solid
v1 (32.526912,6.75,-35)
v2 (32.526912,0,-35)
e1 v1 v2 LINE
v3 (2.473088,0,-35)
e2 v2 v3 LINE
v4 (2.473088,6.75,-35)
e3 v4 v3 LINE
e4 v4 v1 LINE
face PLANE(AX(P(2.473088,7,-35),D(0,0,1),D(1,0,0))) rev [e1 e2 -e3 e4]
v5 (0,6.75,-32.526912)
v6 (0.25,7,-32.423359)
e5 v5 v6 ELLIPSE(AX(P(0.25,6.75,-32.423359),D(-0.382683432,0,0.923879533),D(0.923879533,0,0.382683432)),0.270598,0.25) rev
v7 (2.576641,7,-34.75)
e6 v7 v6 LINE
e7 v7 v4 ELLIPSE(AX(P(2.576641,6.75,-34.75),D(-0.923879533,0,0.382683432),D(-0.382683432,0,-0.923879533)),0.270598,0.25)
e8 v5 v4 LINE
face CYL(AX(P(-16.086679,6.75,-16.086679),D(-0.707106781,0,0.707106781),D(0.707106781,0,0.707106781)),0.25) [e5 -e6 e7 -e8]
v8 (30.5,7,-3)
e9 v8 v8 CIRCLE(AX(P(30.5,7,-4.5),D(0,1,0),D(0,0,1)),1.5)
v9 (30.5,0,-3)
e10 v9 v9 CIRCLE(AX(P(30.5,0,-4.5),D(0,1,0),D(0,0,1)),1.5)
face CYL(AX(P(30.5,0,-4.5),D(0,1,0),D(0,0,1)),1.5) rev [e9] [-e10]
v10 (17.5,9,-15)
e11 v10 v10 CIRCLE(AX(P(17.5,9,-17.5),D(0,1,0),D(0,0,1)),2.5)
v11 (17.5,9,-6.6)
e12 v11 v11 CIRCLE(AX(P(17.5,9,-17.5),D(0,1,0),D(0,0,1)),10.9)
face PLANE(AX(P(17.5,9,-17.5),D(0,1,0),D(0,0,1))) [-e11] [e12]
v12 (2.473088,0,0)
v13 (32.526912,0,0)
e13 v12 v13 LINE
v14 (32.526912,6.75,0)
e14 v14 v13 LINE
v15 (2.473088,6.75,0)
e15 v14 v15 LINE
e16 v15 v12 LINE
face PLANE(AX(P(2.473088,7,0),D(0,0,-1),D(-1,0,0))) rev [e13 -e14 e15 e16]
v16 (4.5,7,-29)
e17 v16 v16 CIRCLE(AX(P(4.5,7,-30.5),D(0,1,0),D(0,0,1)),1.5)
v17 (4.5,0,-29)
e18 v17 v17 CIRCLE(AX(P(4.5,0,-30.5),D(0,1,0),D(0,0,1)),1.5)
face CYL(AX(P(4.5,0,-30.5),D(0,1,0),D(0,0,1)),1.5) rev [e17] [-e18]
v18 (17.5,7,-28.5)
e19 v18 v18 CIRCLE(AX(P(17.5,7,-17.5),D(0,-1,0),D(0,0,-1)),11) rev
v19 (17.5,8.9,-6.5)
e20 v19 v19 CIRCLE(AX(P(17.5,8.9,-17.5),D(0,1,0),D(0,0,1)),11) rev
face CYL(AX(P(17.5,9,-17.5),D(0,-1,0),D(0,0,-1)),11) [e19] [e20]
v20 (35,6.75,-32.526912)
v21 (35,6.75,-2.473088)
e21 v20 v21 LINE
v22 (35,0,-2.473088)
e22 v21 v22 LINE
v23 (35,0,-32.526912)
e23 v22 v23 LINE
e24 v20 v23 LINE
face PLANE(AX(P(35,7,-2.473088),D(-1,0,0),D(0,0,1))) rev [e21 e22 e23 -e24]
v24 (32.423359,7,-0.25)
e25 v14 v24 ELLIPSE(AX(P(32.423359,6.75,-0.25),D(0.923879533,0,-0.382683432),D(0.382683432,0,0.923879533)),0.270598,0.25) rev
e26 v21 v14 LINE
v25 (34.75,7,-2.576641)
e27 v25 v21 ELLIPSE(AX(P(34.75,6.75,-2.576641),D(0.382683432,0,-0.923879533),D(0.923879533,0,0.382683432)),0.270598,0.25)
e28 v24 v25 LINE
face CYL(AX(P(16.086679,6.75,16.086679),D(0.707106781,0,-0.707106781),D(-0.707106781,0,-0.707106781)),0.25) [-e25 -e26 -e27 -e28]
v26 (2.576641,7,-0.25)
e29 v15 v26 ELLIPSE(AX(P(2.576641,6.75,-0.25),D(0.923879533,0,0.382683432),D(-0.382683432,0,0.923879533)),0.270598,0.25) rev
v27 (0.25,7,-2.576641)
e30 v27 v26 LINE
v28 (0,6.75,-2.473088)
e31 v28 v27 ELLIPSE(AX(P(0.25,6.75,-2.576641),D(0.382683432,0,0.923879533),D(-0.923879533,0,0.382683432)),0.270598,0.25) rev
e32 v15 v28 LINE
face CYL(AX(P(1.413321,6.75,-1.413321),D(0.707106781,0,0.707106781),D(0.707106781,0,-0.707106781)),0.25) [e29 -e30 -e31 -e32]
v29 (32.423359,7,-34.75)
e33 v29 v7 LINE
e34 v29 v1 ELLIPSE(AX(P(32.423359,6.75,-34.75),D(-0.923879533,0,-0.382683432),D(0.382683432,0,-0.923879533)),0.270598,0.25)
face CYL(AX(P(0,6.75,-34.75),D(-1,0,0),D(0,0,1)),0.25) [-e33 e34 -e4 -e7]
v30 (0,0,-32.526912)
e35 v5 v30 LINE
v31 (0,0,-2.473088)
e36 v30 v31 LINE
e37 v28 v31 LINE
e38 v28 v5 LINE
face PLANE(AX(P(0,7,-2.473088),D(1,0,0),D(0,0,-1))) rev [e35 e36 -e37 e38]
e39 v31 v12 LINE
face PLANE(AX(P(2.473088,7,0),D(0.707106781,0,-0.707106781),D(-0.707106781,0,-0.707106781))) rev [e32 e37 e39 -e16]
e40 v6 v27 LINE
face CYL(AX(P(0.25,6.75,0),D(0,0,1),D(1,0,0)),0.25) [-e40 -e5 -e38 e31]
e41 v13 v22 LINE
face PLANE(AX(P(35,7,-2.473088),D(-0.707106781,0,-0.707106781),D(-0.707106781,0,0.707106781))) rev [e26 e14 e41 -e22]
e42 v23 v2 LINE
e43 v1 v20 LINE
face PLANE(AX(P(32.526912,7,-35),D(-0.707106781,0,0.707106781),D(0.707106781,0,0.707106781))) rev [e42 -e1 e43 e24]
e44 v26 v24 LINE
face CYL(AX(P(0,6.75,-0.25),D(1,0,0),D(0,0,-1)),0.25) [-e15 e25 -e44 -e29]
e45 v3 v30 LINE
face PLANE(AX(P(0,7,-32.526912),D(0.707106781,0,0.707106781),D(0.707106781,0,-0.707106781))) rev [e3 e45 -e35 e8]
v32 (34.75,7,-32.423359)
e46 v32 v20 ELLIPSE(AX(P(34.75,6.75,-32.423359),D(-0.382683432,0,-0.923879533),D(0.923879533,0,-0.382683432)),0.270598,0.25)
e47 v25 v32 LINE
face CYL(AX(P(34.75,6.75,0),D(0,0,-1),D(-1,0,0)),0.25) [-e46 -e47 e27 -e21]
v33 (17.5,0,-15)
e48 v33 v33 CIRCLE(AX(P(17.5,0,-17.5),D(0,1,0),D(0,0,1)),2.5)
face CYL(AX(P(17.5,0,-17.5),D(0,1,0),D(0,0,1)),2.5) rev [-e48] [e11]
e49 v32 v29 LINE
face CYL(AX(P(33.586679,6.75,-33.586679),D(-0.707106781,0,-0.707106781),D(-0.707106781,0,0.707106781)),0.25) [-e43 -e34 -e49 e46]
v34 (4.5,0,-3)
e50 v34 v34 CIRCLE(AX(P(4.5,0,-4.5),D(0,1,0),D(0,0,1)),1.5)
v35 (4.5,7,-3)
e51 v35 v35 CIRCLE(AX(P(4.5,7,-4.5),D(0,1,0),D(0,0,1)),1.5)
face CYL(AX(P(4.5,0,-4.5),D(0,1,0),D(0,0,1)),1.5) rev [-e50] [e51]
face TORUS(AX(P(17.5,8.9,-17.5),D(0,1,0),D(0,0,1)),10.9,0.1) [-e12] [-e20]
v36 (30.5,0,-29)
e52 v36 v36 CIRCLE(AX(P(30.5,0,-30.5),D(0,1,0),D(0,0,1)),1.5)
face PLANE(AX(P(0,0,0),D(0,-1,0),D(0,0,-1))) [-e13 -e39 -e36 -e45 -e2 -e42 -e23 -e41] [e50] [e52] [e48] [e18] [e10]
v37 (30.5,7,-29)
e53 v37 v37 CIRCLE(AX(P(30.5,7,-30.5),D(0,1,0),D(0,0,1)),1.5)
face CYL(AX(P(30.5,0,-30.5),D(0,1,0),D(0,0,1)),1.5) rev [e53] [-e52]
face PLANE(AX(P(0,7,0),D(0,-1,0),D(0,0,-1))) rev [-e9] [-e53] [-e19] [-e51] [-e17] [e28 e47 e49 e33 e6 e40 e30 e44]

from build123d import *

# Parameters (mm, degrees)
SALIENTE_EXTRUIR1_DEPTH = 7
CROQUIS2_R              = 2.5
CORTAR_EXTRUIR1_DEPTH   = 8
CROQUIS3_R              = 1.5
CORTAR_EXTRUIR2_DEPTH   = 8
CROQUIS4_R              = 11
CROQUIS4_R_2            = 2.5
SALIENTE_EXTRUIR2_DEPTH = 2
REDONDEO1_R             = 0.1
REDONDEO3_R             = 0.25


with BuildPart() as part:
    # Croquis1 → Saliente-Extruir1 (new body)
    with BuildSketch(Plane(origin=(0, 0, 0), x_dir=(1, 0, 0), z_dir=(0, 1, 0))):
        Polygon((0, 32.526911935), (2.473088065, 35), (32.526911935, 35), (35, 32.526911935), (35, 2.473088065), (32.526911935, 0), (2.473088065, 0), (0, 2.473088065), align=None)
    extrude(amount=SALIENTE_EXTRUIR1_DEPTH)

    # Croquis2 → Cortar-Extruir1 (cut, through all)
    with BuildSketch(Plane(origin=(0, 7, 0), x_dir=(1, 0, 0), z_dir=(0, 1, 0))):
        with Locations((17.5, 17.5)):
            Circle(CROQUIS2_R)
    extrude(amount=-CORTAR_EXTRUIR1_DEPTH, mode=Mode.SUBTRACT)

    # Croquis3 → Cortar-Extruir2 (cut, through all)
    with BuildSketch(Plane(origin=(0, 7, 0), x_dir=(1, 0, 0), z_dir=(0, 1, 0))):
        with Locations((4.5, 30.5)):
            Circle(CROQUIS3_R)
        with Locations((30.5, 30.5)):
            Circle(CROQUIS3_R)
        with Locations((30.5, 4.5)):
            Circle(CROQUIS3_R)
        with Locations((4.5, 4.5)):
            Circle(CROQUIS3_R)
    extrude(amount=-CORTAR_EXTRUIR2_DEPTH, mode=Mode.SUBTRACT)

    # Croquis4 → Saliente-Extruir2 (add)
    with BuildSketch(Plane(origin=(0, 7, 0), x_dir=(1, 0, 0), z_dir=(0, 1, 0))):
        with Locations((17.5, 17.5)):
            Circle(CROQUIS4_R)
        with Locations((17.5, 17.5)):
            Circle(CROQUIS4_R_2, mode=Mode.SUBTRACT)
    extrude(amount=SALIENTE_EXTRUIR2_DEPTH)

    # Redondeo1
    redondeo1_edges = [part.edges().sort_by_distance(p)[0] for p in [
        (6.5, 9, -17.5),
    ]]
    fillet(redondeo1_edges, radius=REDONDEO1_R)

    # Redondeo3
    redondeo3_edges = [part.edges().sort_by_distance(p)[0] for p in [
        (17.5, 7, 0),
        (33.763455967, 7, -1.236544033),
        (35, 7, -17.5),
        (33.763455967, 7, -33.763455967),
        (17.5, 7, -35),
        (1.236544033, 7, -33.763455967),
        (0, 7, -17.5),
        (1.236544033, 7, -1.236544033),
    ]]
    fillet(redondeo3_edges, radius=REDONDEO3_R)


solid = part.part
